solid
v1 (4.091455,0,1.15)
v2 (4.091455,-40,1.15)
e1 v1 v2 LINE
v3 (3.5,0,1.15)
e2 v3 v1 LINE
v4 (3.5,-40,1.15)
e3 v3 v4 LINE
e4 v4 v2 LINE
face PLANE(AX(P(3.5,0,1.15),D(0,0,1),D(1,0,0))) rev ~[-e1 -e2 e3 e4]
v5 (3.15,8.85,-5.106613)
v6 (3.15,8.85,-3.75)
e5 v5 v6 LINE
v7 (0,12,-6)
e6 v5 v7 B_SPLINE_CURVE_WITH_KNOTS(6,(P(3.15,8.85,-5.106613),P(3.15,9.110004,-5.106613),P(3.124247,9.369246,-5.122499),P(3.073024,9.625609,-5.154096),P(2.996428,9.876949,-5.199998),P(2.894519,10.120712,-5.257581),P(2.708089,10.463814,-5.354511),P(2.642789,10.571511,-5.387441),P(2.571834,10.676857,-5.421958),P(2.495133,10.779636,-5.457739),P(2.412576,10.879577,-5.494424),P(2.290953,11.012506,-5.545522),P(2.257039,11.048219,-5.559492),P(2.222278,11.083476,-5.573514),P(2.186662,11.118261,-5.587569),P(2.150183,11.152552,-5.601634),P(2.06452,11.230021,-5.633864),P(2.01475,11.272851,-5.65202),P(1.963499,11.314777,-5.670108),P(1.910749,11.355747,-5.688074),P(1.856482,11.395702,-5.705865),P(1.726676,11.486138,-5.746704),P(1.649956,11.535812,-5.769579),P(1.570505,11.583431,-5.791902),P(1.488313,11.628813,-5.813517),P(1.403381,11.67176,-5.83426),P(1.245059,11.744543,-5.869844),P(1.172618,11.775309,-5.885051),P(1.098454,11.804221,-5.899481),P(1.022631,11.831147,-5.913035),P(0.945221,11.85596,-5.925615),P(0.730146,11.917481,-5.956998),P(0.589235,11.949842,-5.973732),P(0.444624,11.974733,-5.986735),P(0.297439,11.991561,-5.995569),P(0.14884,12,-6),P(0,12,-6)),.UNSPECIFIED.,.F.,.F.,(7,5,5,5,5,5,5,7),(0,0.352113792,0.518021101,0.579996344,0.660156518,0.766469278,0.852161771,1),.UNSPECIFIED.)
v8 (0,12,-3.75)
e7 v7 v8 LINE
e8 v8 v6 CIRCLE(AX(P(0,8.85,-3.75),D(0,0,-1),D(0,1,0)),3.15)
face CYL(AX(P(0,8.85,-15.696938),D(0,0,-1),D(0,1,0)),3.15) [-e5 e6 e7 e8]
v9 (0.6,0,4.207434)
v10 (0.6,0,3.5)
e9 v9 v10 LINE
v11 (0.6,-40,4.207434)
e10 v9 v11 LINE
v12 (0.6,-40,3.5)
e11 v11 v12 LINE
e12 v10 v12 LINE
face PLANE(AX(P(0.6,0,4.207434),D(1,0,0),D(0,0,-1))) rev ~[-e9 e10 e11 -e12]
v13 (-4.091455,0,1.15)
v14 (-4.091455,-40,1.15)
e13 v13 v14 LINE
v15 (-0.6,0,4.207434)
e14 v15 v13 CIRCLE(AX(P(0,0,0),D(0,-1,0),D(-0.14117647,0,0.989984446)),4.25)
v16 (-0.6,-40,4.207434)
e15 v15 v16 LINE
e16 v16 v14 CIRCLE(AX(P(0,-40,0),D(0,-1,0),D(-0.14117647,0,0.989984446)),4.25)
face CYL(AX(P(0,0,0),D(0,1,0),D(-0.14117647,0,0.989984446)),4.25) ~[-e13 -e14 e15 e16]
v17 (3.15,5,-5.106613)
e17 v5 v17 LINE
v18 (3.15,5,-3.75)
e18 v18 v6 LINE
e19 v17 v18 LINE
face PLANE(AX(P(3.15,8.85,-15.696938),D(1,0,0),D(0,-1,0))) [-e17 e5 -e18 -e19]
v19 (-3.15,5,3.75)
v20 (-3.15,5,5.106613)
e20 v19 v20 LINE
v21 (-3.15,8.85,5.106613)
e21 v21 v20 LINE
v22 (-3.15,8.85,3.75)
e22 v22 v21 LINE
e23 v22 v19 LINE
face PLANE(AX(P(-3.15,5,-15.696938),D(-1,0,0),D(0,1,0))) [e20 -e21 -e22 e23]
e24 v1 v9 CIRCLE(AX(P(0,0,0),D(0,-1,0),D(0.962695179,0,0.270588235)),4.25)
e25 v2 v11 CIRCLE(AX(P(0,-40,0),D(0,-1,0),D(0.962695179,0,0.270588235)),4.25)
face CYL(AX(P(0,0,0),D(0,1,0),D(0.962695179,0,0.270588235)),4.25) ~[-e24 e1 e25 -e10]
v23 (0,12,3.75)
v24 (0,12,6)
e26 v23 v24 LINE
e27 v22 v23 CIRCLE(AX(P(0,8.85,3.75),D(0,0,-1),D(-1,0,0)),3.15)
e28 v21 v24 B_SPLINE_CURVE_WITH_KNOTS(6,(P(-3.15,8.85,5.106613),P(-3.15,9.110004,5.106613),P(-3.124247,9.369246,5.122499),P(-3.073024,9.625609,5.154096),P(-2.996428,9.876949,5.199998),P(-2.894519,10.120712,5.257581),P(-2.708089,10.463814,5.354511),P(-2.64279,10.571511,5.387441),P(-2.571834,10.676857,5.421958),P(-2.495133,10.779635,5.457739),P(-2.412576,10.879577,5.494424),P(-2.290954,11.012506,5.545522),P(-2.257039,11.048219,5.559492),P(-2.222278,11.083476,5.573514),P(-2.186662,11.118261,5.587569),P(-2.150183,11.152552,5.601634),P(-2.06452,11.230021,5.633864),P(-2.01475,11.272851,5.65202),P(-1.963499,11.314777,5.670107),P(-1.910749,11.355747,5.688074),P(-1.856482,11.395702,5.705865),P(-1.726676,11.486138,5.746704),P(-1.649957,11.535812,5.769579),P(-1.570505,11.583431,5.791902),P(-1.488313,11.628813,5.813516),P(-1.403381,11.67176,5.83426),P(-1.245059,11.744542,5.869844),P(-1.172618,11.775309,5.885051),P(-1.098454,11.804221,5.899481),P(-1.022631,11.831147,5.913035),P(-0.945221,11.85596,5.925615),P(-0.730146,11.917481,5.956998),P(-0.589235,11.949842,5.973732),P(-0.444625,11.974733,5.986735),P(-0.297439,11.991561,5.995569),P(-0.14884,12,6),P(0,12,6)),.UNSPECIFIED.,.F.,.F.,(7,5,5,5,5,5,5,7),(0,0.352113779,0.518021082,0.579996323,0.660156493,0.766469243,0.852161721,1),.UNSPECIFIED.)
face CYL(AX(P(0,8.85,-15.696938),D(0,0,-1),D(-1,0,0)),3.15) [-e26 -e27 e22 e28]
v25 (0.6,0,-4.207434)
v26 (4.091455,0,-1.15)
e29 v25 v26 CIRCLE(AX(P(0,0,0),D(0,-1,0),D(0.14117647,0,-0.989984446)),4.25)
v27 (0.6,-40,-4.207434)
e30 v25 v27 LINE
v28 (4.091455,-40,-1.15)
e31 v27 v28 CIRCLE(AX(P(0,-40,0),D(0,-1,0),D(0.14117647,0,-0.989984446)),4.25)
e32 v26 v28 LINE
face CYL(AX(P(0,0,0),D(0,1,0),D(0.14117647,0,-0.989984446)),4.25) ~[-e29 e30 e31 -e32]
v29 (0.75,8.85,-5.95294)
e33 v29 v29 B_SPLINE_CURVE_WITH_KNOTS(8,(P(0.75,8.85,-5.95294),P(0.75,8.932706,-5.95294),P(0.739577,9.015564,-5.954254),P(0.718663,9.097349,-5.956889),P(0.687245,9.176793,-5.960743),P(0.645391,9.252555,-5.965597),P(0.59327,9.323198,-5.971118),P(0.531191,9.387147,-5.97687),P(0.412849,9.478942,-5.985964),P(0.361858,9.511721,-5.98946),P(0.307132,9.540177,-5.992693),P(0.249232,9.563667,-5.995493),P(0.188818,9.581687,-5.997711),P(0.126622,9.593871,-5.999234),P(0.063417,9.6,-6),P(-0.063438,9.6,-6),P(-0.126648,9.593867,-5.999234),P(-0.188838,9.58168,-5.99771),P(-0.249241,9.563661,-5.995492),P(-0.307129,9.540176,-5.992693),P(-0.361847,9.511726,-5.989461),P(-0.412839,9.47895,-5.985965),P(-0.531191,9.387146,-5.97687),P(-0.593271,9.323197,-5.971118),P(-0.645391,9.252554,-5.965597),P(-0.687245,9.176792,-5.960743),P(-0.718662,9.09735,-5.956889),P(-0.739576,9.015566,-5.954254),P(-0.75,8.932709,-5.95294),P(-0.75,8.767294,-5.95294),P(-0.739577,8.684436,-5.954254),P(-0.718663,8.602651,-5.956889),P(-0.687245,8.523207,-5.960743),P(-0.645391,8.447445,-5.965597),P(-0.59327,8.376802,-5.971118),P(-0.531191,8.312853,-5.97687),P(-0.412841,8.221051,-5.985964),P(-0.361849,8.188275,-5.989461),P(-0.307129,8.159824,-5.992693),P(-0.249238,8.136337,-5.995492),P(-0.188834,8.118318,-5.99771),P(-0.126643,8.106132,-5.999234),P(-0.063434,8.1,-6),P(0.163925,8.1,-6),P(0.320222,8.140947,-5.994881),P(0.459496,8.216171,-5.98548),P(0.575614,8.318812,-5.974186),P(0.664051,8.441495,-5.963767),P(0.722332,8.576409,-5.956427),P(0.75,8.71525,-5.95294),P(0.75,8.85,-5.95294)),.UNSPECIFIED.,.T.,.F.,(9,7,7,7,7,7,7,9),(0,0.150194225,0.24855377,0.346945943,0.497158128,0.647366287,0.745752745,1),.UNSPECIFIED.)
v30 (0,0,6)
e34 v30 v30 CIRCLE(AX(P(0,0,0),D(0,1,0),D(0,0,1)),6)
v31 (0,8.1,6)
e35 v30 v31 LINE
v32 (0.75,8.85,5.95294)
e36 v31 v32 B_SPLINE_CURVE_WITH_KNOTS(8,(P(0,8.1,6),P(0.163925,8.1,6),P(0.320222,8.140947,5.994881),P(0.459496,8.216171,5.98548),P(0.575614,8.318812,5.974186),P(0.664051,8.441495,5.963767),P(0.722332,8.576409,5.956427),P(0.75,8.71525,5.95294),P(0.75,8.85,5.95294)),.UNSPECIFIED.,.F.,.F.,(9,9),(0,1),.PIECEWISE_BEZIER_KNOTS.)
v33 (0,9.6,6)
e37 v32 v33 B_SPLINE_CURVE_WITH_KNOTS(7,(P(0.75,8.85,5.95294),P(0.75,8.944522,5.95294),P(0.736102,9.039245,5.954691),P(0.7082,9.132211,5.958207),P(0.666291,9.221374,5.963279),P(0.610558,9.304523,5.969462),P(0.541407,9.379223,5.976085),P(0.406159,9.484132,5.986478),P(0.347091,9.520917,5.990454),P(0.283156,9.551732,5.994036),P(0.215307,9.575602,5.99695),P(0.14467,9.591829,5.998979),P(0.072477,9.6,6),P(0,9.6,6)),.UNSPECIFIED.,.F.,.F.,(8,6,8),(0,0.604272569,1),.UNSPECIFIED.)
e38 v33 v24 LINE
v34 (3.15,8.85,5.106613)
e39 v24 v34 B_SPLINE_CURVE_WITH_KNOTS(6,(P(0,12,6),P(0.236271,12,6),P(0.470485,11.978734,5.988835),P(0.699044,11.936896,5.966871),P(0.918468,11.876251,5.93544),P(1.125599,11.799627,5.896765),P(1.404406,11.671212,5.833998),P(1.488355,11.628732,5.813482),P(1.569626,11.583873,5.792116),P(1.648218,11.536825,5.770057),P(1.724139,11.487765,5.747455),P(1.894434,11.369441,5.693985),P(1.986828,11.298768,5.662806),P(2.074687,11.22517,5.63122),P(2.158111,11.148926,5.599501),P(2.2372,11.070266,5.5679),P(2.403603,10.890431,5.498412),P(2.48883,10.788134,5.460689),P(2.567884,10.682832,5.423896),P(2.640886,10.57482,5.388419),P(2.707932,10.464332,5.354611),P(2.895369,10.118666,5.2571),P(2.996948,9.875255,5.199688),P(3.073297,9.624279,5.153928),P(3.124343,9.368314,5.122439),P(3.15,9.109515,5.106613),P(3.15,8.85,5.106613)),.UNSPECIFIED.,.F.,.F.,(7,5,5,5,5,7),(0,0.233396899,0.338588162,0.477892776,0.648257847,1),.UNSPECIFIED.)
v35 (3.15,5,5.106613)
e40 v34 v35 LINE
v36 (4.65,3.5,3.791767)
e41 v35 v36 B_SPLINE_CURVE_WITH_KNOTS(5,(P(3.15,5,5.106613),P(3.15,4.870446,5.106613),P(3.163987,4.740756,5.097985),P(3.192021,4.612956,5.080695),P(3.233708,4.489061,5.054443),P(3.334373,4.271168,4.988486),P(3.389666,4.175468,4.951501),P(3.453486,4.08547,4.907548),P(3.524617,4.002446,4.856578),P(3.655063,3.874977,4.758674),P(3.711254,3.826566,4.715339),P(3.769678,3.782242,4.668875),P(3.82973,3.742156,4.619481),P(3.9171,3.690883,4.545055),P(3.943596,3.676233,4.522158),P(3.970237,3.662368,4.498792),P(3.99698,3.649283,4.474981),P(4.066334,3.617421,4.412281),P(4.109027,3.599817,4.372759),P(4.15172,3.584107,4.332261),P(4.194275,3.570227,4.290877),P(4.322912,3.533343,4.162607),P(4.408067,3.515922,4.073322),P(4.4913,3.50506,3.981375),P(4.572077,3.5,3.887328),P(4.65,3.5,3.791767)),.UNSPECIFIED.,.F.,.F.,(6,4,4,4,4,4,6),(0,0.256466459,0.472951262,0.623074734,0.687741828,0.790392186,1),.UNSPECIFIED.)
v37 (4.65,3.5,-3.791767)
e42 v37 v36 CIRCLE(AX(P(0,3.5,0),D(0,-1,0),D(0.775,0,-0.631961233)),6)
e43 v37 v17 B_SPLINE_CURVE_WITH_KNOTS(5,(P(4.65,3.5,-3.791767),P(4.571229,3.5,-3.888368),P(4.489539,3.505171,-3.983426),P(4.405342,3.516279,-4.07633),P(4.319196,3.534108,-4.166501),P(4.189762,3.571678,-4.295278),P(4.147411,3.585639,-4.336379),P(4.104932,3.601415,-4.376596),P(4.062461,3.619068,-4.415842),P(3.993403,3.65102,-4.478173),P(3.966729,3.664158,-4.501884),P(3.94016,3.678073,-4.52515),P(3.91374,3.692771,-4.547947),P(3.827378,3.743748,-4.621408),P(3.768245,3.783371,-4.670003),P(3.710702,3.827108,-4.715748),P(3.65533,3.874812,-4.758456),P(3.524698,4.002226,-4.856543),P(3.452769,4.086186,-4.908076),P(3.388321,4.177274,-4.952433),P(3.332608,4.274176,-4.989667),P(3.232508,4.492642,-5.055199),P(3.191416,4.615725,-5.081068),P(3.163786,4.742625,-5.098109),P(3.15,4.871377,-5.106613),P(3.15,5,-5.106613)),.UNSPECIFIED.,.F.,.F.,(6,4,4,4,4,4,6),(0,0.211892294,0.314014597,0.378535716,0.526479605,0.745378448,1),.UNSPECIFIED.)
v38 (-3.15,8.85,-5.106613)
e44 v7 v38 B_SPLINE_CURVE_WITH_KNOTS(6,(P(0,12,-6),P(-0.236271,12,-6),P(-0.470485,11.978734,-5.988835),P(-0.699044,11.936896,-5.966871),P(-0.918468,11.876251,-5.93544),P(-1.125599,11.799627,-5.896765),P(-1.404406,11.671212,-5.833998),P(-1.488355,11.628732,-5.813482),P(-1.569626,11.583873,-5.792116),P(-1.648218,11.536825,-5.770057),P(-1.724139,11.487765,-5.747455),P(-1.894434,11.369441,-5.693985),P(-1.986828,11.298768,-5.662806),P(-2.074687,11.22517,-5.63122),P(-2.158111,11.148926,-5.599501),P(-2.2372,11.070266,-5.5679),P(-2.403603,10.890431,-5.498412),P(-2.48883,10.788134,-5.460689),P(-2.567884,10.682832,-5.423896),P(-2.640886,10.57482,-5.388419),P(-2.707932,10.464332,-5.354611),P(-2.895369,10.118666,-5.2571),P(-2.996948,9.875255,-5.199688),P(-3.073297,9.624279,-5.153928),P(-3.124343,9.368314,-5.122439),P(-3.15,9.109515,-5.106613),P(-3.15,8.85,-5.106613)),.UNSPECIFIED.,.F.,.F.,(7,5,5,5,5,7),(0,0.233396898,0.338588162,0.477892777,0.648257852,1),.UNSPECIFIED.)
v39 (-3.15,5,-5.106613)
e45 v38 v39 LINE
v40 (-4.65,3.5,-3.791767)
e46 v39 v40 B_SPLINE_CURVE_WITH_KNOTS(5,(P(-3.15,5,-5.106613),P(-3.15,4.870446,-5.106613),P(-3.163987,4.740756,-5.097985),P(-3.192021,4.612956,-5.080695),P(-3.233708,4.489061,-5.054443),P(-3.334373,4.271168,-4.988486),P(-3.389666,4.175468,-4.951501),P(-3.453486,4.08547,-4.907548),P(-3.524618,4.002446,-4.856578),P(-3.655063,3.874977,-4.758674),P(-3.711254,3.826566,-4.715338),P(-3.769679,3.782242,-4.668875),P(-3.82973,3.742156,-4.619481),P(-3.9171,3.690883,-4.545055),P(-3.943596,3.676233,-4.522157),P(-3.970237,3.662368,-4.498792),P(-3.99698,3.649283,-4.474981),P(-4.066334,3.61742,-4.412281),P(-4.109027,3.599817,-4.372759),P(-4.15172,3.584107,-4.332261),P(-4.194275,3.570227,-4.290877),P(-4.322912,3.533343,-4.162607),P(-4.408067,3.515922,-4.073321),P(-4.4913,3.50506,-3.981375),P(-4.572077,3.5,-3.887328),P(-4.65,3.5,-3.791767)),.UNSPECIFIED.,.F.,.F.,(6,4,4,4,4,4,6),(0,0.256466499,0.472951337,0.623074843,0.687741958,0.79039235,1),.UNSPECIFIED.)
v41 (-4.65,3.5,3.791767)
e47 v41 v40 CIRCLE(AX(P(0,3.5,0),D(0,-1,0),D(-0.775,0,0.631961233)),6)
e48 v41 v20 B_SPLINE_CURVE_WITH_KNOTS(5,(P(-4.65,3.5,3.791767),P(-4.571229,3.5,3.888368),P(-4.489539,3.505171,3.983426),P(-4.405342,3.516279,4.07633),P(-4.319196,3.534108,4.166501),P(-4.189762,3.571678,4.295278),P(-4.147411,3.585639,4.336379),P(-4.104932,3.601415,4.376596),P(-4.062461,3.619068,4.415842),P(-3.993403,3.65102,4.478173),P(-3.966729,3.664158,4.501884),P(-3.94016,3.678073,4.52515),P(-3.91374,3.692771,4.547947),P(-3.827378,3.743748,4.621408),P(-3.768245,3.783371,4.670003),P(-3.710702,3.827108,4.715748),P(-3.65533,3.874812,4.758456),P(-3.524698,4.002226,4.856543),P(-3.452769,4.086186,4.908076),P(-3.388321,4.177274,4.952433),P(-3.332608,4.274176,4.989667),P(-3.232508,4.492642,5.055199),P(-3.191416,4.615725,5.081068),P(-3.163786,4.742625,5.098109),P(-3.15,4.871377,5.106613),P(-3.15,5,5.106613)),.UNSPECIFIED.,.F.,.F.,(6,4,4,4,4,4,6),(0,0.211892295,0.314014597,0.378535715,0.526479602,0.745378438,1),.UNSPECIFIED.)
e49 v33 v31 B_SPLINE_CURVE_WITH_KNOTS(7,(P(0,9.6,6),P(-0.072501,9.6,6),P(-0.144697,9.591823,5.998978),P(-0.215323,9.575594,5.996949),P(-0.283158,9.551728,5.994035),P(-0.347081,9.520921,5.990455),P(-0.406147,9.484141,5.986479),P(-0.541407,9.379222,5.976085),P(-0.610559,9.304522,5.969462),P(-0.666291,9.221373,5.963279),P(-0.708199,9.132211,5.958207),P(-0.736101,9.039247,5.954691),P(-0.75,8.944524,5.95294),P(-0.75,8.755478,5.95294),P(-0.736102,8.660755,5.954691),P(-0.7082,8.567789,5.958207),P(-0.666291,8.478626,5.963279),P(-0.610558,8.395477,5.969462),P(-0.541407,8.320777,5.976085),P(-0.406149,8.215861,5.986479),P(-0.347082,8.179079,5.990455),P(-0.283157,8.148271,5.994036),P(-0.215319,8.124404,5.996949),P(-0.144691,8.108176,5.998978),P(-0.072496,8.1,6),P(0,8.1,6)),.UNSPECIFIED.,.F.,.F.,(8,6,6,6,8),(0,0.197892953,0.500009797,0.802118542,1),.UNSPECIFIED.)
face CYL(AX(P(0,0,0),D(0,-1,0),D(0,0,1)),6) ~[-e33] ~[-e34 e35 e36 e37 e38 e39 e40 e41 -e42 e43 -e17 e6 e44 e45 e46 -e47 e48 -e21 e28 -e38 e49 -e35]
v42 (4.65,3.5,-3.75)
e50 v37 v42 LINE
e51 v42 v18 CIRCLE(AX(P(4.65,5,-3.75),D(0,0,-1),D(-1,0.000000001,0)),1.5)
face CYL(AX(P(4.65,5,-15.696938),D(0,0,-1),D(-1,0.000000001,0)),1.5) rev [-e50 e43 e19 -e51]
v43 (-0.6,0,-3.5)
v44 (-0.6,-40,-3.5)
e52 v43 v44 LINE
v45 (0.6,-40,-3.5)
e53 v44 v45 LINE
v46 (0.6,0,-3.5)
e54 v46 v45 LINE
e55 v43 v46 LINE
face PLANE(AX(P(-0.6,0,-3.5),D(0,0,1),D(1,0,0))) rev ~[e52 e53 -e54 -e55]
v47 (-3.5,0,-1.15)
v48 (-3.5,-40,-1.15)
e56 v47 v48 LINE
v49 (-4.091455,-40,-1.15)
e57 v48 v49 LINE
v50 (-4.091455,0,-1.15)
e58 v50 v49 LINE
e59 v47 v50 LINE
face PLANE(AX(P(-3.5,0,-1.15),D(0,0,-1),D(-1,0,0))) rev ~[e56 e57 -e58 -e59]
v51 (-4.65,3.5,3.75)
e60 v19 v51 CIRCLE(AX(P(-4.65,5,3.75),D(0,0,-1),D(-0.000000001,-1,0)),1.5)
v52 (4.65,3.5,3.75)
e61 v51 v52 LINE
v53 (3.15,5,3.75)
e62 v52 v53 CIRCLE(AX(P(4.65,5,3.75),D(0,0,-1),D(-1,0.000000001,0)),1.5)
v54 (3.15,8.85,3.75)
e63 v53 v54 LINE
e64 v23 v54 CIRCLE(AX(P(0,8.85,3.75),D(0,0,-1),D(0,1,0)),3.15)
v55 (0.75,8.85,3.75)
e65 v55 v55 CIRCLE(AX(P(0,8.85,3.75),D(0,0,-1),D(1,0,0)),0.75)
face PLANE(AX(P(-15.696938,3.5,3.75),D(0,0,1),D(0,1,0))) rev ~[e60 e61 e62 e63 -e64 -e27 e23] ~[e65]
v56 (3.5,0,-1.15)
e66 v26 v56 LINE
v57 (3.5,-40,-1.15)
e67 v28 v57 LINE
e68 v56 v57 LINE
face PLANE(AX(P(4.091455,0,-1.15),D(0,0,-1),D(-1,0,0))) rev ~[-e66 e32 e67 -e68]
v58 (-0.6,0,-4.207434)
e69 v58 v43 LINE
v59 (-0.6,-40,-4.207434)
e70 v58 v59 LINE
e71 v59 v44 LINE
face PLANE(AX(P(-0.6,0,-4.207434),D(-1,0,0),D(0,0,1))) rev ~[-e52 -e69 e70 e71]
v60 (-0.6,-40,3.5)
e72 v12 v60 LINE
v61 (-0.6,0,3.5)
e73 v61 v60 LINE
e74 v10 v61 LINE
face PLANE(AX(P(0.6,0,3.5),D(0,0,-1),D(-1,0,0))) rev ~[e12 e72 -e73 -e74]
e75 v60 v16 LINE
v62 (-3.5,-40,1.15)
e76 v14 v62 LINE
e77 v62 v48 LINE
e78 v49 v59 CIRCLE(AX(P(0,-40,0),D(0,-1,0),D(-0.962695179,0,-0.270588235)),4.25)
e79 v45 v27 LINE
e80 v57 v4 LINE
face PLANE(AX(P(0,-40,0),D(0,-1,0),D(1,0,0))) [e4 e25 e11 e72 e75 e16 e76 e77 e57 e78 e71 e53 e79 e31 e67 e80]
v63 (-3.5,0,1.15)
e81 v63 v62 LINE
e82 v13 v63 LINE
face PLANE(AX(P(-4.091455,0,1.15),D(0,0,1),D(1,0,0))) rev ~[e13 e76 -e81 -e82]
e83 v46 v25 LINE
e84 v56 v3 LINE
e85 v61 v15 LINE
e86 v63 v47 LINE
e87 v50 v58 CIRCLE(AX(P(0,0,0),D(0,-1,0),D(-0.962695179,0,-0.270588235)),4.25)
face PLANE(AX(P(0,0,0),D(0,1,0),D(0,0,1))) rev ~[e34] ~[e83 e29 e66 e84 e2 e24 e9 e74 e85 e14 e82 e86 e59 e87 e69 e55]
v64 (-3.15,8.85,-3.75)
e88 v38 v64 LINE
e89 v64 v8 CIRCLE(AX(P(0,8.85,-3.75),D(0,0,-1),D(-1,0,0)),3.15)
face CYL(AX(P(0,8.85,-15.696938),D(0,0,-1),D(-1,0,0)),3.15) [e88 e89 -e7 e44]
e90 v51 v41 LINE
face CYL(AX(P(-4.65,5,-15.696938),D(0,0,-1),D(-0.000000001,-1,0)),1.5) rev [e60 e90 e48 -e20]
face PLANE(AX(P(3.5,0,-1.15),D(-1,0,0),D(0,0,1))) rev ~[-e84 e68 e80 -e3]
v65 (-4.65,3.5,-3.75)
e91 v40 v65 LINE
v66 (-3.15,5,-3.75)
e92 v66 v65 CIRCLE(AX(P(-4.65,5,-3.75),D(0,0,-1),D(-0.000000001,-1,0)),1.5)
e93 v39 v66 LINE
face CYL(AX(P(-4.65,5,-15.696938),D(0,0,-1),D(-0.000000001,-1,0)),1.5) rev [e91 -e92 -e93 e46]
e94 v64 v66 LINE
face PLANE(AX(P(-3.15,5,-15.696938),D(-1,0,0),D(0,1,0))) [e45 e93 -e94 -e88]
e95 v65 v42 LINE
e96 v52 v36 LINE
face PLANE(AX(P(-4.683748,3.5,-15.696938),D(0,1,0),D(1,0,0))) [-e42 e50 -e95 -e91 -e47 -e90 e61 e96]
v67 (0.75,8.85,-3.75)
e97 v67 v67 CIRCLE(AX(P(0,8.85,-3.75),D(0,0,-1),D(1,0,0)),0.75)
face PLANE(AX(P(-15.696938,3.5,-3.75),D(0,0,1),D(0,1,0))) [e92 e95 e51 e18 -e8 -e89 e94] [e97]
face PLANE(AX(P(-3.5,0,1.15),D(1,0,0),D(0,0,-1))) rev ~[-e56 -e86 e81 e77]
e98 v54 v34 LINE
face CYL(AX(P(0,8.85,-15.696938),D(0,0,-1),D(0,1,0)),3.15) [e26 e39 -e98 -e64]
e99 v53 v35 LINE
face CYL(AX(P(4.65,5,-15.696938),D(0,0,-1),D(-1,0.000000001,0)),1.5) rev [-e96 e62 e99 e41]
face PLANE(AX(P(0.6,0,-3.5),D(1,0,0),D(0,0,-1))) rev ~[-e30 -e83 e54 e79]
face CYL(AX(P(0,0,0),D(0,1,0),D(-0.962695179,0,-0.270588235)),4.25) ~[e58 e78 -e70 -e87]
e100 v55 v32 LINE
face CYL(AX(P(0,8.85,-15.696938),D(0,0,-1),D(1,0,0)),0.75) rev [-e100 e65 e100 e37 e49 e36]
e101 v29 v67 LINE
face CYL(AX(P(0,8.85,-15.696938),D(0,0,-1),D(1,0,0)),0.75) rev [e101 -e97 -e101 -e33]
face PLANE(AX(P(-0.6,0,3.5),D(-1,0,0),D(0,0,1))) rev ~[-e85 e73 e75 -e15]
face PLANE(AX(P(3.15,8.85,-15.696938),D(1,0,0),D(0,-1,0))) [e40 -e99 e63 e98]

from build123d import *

# Parameters (mm, degrees)
SKETCH1_R               = 6
BOSS_EXTRUDE1_DEPTH     = 12
CUT_EXTRUDE1_DEPTH      = 15.696938457
CUT_EXTRUDE1_DEPTH_BACK = 15.696938457
SKETCH2_W               = 7.5
SKETCH2_H               = 8.5
CUT_EXTRUDE2_DEPTH      = 15.696938457
CUT_EXTRUDE2_DEPTH_BACK = 15.696938457
SKETCH3_R               = 0.75
BOSS_EXTRUDE2_DEPTH     = 40


with BuildPart() as part:
    # Sketch1 → Boss-Extrude1 (new body)
    with BuildSketch(Plane(origin=(0, 0, 0), x_dir=(1, 0, 0), z_dir=(0, 1, 0))):
        with Locations(Location((0, 0, 0), (0, 0, 270))):
            Circle(SKETCH1_R)
    extrude(amount=BOSS_EXTRUDE1_DEPTH)

    # Sketch2 → Cut-Extrude1 (cut, two sides: drawn at the far end of the back side and taken through both)
    with BuildSketch(Plane(origin=(0, 0, 0), x_dir=(0, 0, -1), z_dir=(1, 0, 0)).offset(-CUT_EXTRUDE1_DEPTH_BACK)):
        with Locations((0, 7.75)):
            Rectangle(SKETCH2_W, SKETCH2_H)
    extrude(amount=CUT_EXTRUDE1_DEPTH + CUT_EXTRUDE1_DEPTH_BACK, mode=Mode.SUBTRACT)

    # Sketch3 → Cut-Extrude2 (cut, two sides: drawn at the far end of the back side and taken through both)
    with BuildSketch(Plane.XY.offset(-CUT_EXTRUDE2_DEPTH_BACK)):
        with BuildLine():
            Line((-3.15, 5), (-3.15, 8.85))
            ThreePointArc((-3.15, 8.85), (-2.227386361, 11.077386361), (0, 12))
            Line((0, 12), (-4.683748499, 12))
            Line((-4.683748499, 12), (-4.683748499, 3.5))
            Line((-4.683748499, 3.5), (-4.65, 3.5))
            ThreePointArc((-4.65, 3.5), (-3.589339828, 3.939339828), (-3.15, 5))
        make_face()
        with BuildLine():
            Line((4.683748499, 12), (0, 12))
            ThreePointArc((0, 12), (2.227386361, 11.077386361), (3.15, 8.85))
            Line((3.15, 8.85), (3.15, 5))
            ThreePointArc((3.15, 5), (3.589339828, 3.939339828), (4.65, 3.5))
            Line((4.65, 3.5), (4.683748499, 3.5))
            Line((4.683748499, 3.5), (4.683748499, 12))
        make_face()
        with Locations((0, 8.85)):
            Circle(SKETCH3_R)
    extrude(amount=CUT_EXTRUDE2_DEPTH + CUT_EXTRUDE2_DEPTH_BACK, mode=Mode.SUBTRACT)

    # Sketch4 → Boss-Extrude2 (add)
    with BuildSketch(Plane.XZ):
        with BuildLine():
            Line((-0.6, 3.5), (-0.6, 4.207433897))
            ThreePointArc((-0.6, 4.207433897), (-2.799894973, 3.19735643), (-4.091454509, 1.15))
            Line((-4.091454509, 1.15), (-3.5, 1.15))
            Line((-3.5, 1.15), (-3.5, -1.15))
            Line((-3.5, -1.15), (-4.091454509, -1.15))
            ThreePointArc((-4.091454509, -1.15), (-2.799894973, -3.19735643), (-0.6, -4.207433897))
            Line((-0.6, -4.207433897), (-0.6, -3.5))
            Line((-0.6, -3.5), (0.6, -3.5))
            Line((0.6, -3.5), (0.6, -4.207433897))
            ThreePointArc((0.6, -4.207433897), (2.799894973, -3.19735643), (4.091454509, -1.15))
            Line((4.091454509, -1.15), (3.5, -1.15))
            Line((3.5, -1.15), (3.5, 1.15))
            Line((3.5, 1.15), (4.091454509, 1.15))
            ThreePointArc((4.091454509, 1.15), (2.799894973, 3.19735643), (0.6, 4.207433897))
            Line((0.6, 4.207433897), (0.6, 3.5))
            Line((0.6, 3.5), (-0.6, 3.5))
        make_face()
    extrude(amount=BOSS_EXTRUDE2_DEPTH)


solid = part.part
